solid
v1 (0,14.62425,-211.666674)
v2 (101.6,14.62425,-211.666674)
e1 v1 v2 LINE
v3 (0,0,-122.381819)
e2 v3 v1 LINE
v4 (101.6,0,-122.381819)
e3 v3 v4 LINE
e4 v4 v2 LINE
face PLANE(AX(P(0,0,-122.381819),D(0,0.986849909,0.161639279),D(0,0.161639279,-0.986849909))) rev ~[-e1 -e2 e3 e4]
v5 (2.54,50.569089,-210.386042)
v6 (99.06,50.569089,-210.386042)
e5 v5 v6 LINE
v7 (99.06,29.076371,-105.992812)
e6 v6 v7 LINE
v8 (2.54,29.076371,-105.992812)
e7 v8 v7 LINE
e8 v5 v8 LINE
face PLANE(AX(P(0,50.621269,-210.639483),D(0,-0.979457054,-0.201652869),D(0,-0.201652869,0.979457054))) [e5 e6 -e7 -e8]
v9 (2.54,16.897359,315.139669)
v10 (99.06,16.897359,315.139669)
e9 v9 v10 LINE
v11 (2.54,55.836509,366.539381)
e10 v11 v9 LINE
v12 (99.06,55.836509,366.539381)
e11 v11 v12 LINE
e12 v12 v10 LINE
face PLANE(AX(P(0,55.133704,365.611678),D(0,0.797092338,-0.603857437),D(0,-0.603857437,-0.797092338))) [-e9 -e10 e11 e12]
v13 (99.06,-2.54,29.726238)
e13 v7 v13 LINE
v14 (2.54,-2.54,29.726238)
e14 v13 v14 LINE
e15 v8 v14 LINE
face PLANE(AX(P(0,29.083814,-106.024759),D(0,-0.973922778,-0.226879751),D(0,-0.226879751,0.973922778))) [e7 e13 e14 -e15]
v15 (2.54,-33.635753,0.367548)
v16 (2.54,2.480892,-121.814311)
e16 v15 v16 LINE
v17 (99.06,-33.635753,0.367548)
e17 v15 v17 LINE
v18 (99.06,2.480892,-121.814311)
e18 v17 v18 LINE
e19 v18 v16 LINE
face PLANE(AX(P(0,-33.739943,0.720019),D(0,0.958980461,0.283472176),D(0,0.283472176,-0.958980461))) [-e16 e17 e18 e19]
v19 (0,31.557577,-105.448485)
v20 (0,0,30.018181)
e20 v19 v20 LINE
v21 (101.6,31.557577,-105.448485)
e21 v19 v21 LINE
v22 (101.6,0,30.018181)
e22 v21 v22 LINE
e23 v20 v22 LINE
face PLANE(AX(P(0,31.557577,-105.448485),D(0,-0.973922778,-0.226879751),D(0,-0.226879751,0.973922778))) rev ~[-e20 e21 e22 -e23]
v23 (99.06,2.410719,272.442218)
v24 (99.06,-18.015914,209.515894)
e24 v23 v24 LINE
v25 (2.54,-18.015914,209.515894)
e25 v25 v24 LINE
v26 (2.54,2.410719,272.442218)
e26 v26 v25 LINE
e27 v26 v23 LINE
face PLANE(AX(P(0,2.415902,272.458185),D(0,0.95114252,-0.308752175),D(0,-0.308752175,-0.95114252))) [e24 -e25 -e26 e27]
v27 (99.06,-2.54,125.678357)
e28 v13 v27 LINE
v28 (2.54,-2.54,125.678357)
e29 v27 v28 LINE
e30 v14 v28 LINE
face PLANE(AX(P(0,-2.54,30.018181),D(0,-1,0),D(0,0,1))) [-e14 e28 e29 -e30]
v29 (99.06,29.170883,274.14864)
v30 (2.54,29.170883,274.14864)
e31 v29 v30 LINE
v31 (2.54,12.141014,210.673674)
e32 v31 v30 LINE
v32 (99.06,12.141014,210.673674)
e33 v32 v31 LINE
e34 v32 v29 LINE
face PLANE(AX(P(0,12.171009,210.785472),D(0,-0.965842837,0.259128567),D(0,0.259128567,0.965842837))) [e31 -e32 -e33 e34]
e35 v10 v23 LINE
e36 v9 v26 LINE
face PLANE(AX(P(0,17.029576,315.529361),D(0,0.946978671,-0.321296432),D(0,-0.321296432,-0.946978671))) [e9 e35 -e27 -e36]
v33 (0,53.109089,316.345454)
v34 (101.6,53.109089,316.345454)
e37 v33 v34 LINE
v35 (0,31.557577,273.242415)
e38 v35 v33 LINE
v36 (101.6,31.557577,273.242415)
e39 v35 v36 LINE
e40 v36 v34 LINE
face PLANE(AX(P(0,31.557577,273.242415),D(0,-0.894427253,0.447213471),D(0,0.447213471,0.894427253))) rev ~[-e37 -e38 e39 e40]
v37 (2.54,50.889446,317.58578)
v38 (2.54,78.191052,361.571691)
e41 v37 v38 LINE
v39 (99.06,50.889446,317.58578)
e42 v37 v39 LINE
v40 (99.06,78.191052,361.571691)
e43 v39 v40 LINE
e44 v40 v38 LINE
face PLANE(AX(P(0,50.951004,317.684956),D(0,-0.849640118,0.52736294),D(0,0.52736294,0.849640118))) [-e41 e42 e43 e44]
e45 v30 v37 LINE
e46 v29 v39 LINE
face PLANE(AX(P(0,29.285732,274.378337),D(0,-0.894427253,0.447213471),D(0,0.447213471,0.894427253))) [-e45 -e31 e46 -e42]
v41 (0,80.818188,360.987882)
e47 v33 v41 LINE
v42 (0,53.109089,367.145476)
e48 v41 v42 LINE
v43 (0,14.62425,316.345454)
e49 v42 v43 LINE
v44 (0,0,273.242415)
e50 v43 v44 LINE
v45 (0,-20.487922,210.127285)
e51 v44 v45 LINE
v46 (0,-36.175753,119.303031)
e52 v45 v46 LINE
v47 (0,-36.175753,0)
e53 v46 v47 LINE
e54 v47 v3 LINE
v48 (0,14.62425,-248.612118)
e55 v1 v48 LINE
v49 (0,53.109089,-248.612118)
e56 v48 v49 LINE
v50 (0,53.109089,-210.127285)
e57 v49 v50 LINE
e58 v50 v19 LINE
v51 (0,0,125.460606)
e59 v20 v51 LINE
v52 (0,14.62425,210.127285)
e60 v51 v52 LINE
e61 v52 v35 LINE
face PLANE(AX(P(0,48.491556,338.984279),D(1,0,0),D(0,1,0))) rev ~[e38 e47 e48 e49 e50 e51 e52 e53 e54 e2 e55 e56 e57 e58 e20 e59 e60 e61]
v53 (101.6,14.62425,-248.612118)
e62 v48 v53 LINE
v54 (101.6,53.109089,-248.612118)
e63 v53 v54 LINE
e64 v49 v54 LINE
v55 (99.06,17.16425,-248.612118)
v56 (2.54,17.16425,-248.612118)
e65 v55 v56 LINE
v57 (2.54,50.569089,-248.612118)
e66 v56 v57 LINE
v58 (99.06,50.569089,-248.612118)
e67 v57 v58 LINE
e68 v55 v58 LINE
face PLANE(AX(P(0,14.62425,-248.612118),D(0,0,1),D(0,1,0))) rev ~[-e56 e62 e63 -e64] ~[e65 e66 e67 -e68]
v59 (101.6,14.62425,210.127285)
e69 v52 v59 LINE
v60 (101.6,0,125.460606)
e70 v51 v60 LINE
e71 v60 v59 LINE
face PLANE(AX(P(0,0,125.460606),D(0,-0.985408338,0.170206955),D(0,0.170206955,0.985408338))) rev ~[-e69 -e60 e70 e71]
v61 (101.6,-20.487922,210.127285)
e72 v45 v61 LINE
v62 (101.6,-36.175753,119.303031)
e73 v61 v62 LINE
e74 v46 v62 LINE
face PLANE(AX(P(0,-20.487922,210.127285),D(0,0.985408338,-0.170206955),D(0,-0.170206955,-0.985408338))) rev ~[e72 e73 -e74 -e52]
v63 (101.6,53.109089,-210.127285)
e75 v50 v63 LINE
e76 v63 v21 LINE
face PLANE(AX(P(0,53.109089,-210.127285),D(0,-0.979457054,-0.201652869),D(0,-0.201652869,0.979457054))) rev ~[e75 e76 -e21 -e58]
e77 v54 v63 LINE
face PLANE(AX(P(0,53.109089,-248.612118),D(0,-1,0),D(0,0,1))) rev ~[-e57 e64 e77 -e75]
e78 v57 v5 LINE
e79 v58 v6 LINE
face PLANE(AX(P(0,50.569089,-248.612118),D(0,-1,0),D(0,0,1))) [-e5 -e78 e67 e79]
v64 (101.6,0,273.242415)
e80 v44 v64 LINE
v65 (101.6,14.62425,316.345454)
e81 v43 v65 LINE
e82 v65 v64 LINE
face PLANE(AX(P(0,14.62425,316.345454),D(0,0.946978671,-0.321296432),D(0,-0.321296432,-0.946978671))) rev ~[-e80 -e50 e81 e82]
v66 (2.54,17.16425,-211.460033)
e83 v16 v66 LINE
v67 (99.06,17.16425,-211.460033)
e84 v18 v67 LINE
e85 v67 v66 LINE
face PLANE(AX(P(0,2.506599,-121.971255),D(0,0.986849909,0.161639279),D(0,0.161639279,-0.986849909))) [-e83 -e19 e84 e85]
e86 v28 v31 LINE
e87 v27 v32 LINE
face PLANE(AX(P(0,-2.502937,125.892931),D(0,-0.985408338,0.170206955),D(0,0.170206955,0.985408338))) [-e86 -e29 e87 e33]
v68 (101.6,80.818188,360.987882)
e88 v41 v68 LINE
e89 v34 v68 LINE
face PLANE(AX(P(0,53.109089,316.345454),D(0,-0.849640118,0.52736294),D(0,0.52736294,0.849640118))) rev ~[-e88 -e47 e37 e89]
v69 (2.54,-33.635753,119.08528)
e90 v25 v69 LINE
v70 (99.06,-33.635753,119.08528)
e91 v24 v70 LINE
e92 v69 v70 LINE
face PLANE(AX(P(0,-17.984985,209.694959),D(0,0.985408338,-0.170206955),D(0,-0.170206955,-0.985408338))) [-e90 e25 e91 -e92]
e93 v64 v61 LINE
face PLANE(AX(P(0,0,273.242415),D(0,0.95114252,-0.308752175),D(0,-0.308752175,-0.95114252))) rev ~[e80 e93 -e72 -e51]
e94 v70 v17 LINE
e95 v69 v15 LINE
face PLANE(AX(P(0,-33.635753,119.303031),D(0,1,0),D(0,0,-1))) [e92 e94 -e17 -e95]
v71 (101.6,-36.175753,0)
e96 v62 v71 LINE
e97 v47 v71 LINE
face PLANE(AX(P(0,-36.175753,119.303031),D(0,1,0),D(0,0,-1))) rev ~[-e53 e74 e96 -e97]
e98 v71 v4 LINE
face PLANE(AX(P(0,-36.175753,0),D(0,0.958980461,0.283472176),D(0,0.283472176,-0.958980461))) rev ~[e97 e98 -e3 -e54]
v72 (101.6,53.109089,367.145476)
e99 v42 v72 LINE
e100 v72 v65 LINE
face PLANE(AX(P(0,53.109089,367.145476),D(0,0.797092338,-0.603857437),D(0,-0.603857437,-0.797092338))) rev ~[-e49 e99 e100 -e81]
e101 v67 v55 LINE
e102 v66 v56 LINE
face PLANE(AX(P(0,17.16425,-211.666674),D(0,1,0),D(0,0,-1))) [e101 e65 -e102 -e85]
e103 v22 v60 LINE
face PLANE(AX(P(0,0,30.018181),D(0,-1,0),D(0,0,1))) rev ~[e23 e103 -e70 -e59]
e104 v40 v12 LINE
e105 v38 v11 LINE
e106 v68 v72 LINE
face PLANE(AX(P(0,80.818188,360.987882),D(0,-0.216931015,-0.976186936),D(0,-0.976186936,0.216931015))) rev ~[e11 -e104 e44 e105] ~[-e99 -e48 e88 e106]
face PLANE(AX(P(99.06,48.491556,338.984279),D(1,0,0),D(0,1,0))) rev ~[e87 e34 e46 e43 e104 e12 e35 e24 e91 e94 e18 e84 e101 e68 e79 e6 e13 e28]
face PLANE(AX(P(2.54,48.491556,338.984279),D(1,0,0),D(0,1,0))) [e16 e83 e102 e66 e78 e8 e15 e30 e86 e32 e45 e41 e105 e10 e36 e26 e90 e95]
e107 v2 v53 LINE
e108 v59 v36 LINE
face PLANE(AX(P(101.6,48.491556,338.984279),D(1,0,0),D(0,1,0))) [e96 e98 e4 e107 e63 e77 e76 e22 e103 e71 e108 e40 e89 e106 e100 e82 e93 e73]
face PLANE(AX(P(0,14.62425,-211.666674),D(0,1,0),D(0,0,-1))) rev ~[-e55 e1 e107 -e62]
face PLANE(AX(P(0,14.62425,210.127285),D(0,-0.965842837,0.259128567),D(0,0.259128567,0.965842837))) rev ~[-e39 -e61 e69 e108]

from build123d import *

# Parameters (mm, degrees)
F1_DEPTH = 101.6
F2_T     = -2.54


with BuildPart() as f1:
    # F0 (on Right) → F1 (new body)
    with BuildSketch(Plane.YZ):
        Polygon((53.1090894751, 316.3454540171), (80.8181880827, 360.9878815302), (53.1090894751, 367.1454756031), (14.6242498083, 316.3454540171), align=None)
        Polygon((31.5575774684, 273.2424150596), (53.1090894751, 316.3454540171), (14.6242498083, 316.3454540171), (0, 273.2424150596), align=None)
        Polygon((14.6242498083, 210.1272850298), (31.5575774684, 273.2424150596), (0, 273.2424150596), (-20.4879219231, 210.1272850298), align=None)
        Polygon((0, 125.4606056329), (14.6242498083, 210.1272850298), (-20.4879219231, 210.1272850298), (-36.1757530975, 119.3030314855), align=None)
        Polygon((0, 30.0181814408), (0, 125.4606056329), (-36.1757530975, 119.3030314855), (-36.1757530975, 0), align=None)
        Polygon((31.5575774684, -105.4484846724), (0, 30.0181814408), (-36.1757530975, 0), (0, -122.3818185592), align=None)
        Polygon((53.1090894751, -210.1272850298), (31.5575774684, -105.4484846724), (0, -122.3818185592), (14.6242498083, -211.6666735853), align=None)
        Polygon((53.1090894751, -248.6121184698), (53.1090894751, -210.1272850298), (14.6242498083, -211.6666735853), (14.6242498083, -248.6121184698), align=None)
    extrude(amount=F1_DEPTH)

    # F2
    f2_openings = [f1.faces().sort_by_distance(p)[0] for p in [
        (50.8, 66.963639, 364.066679),
        (50.8, 33.86667, -248.612118),
    ]]
    offset(amount=F2_T, openings=f2_openings, kind=Kind.INTERSECTION)


solid = f1.part
